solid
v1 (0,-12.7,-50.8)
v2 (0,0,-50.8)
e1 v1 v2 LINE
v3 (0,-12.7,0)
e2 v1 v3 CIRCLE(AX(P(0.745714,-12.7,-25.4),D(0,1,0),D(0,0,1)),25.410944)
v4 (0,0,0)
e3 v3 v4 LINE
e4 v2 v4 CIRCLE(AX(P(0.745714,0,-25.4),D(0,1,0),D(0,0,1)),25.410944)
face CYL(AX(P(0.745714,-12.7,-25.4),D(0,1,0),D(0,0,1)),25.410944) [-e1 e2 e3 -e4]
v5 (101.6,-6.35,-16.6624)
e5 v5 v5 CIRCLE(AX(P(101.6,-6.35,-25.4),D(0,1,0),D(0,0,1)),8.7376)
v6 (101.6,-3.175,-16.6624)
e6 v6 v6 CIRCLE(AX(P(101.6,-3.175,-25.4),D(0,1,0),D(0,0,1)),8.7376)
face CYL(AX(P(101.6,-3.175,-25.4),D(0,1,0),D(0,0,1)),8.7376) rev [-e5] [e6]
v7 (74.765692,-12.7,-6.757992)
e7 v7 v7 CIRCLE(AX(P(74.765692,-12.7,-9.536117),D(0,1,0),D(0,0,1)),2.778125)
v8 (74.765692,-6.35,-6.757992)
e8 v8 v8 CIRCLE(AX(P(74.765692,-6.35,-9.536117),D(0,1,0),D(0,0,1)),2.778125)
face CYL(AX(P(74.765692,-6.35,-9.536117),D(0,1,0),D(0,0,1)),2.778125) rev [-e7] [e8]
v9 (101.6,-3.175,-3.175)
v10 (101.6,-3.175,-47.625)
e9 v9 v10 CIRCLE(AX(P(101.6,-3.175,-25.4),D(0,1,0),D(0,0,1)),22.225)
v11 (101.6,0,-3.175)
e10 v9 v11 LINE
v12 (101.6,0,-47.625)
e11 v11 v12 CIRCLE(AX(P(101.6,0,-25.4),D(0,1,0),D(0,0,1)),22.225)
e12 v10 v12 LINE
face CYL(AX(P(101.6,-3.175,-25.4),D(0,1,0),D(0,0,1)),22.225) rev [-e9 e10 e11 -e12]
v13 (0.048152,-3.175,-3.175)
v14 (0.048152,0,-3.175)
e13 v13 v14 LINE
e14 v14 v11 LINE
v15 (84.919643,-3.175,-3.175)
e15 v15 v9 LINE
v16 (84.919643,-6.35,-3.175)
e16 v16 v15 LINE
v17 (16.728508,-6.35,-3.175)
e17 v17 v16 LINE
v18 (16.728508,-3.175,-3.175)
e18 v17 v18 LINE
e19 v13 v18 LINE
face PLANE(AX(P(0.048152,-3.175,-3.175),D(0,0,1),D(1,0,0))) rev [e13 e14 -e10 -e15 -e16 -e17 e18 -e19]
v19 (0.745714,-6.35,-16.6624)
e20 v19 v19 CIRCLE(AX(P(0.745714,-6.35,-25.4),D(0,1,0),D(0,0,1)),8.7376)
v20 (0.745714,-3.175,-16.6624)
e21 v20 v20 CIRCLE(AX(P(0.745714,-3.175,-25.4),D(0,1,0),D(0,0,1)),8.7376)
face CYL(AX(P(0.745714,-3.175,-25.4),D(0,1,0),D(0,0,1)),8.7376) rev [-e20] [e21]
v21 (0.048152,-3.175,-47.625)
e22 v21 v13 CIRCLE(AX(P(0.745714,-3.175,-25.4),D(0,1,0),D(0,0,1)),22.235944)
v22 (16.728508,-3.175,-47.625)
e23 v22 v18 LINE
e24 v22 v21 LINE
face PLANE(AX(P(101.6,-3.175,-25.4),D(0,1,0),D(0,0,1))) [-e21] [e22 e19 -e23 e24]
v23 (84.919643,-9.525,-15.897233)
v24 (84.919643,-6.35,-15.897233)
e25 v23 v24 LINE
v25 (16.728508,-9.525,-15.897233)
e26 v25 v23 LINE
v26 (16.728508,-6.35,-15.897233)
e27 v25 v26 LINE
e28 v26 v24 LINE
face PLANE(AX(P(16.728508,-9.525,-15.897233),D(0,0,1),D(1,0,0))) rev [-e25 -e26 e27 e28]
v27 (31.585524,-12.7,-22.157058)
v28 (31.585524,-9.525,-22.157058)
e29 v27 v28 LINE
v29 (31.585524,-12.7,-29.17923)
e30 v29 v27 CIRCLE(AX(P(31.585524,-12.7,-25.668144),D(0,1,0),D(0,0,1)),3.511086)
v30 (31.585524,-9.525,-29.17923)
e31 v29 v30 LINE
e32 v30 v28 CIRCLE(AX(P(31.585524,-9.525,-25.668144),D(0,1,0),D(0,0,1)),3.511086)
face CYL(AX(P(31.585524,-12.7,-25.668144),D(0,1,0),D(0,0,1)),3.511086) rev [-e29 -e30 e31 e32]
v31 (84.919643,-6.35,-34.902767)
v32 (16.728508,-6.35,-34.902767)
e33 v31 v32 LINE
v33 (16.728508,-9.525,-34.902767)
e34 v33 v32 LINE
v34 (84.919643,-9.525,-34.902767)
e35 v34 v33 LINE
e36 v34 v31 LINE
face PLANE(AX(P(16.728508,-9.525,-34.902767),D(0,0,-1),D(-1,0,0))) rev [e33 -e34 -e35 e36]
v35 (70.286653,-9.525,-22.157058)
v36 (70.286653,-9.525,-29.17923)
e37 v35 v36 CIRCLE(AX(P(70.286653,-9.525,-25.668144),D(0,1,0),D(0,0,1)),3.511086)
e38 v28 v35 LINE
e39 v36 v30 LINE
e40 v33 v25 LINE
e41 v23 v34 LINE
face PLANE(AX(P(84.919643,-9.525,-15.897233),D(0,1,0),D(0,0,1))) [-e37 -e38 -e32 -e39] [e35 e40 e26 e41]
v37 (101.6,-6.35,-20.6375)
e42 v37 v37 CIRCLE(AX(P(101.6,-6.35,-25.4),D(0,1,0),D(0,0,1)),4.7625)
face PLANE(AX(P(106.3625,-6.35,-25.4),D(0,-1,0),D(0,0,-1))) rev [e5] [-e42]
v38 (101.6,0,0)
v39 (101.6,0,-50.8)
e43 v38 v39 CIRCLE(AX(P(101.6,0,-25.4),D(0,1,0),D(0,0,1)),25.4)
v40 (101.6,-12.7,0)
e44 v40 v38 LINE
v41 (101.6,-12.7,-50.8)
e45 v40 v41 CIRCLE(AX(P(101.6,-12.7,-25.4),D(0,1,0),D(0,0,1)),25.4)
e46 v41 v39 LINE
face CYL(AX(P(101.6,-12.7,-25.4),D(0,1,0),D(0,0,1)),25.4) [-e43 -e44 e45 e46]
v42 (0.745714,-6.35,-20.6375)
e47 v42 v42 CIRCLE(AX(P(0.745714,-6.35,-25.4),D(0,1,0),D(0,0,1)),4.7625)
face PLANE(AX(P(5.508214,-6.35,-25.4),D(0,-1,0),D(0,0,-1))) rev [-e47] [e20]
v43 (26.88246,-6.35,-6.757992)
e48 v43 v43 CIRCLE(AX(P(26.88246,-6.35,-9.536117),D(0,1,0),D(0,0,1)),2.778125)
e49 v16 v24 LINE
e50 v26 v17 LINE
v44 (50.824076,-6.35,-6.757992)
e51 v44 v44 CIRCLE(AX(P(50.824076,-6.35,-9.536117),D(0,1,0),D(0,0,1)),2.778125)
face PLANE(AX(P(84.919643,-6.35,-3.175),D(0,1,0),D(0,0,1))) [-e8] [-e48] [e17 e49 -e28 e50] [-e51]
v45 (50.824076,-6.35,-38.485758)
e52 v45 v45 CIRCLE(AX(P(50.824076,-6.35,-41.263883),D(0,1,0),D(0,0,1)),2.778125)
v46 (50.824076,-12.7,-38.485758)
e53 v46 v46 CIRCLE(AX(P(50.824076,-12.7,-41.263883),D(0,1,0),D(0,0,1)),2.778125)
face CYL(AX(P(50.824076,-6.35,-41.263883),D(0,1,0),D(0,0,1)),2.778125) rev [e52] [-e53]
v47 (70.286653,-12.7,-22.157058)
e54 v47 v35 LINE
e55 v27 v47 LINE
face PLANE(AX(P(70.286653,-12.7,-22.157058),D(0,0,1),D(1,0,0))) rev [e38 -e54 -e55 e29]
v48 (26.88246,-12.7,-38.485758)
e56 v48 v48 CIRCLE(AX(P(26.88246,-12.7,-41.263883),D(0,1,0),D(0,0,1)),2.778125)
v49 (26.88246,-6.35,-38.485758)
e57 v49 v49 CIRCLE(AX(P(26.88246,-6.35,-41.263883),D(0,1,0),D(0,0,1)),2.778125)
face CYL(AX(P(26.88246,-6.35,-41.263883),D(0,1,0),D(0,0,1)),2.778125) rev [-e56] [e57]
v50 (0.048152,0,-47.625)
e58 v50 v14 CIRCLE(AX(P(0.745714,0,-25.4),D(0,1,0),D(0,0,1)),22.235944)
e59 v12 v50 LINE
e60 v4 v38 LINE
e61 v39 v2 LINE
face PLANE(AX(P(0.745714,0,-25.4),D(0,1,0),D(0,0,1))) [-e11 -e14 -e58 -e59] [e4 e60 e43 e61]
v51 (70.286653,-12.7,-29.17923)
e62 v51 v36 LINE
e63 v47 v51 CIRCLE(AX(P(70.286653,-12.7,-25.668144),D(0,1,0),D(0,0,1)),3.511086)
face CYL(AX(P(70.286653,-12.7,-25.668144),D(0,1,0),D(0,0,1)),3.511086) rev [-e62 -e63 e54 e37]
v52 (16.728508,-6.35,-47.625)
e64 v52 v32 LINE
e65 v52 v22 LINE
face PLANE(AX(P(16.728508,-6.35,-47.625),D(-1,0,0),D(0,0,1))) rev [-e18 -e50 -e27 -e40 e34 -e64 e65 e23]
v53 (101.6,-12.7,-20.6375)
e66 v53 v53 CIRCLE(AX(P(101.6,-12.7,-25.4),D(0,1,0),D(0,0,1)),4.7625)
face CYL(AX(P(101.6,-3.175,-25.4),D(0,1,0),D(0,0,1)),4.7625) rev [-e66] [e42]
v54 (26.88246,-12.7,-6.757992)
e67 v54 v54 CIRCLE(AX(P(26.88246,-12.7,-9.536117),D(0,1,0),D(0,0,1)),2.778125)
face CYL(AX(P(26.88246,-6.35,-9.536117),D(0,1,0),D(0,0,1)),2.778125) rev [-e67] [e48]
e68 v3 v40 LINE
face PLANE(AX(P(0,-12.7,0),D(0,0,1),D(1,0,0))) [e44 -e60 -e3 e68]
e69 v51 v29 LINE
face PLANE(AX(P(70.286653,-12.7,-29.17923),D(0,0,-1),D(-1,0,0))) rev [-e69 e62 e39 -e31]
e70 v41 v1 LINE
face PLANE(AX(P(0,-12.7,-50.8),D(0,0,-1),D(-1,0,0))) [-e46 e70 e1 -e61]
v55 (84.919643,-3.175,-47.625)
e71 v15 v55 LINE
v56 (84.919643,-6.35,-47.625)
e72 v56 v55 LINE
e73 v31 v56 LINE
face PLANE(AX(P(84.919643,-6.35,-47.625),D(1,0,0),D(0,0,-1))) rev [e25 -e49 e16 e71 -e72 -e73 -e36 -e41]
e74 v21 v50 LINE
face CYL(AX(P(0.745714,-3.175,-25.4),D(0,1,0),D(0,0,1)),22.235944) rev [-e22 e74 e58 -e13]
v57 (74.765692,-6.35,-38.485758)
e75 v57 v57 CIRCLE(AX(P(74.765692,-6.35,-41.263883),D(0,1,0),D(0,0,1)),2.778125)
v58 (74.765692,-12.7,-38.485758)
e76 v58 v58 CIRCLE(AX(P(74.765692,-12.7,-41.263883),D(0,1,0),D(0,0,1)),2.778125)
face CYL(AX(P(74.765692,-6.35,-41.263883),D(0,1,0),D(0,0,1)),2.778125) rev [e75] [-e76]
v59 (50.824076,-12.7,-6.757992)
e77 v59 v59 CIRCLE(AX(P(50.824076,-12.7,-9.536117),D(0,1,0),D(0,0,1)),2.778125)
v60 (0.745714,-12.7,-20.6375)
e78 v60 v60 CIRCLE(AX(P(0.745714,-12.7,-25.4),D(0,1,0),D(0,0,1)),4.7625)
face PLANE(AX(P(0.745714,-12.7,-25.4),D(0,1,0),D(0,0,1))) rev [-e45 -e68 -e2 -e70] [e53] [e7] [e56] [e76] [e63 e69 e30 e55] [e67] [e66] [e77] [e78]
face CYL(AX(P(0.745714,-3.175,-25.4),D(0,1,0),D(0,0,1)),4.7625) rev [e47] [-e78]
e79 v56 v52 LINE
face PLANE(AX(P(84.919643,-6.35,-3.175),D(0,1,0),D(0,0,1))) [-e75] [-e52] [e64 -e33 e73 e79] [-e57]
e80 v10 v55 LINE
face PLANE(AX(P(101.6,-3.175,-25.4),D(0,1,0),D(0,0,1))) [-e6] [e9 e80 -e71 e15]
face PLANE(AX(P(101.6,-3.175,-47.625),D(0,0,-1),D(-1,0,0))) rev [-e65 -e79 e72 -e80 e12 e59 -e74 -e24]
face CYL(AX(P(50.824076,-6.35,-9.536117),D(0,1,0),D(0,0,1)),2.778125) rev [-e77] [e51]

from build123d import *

# Parameters (mm, degrees)
EXTRUDE1_DEPTH                                       = 12.7
EXTRUDE2_DEPTH                                       = 3.175
SKETCH3_W                                            = 68.191134733
SKETCH3_H                                            = 44.45
EXTRUDE3_DEPTH                                       = 3.175
SKETCH4_W                                            = 68.191134733
SKETCH4_H                                            = 19.005533376
EXTRUDE4_DEPTH                                       = 3.175
EXTRUDE6_DEPTH                                       = 137.930502446
CBORE_FOR_1_4_BINDING_HEAD_MACHINE_SCREW_D           = 9.525
CBORE_FOR_1_4_BINDING_HEAD_MACHINE_SCREW_CBORE_D     = 17.4752
CBORE_FOR_1_4_BINDING_HEAD_MACHINE_SCREW_CBORE_DEPTH = 3.175
F_7_32_0_21875_DIAMETER_HOLE1_D                      = 5.55625
F_7_32_0_21875_DIAMETER_HOLE1_DEPTH                  = 25.4
F_7_32_0_21875_DIAMETER_HOLE1_TIP                    = 1.669265907
F_7_32_0_21875_DIAMETER_HOLE2_D                      = 5.55625
F_7_32_0_21875_DIAMETER_HOLE2_DEPTH                  = 25.4
F_7_32_0_21875_DIAMETER_HOLE2_TIP                    = 1.669265907


with BuildPart() as part:
    # Sketch1 → Extrude1 (new body)
    with BuildSketch(Plane(origin=(0, 0, 0), x_dir=(1, 0, 0), z_dir=(0, 1, 0))):
        with BuildLine():
            Line((0, 0), (101.6, 0))
            ThreePointArc((101.6, 0), (127, 25.4), (101.6, 50.8))
            Line((101.6, 50.8), (0, 50.8))
            ThreePointArc((0, 50.8), (-24.665230296, 25.4), (0, 0))
        make_face()
    extrude(amount=-EXTRUDE1_DEPTH)

    # Sketch2 → Extrude2 (cut)
    with BuildSketch(Plane(origin=(0, 0, 0), x_dir=(1, 0, 0), z_dir=(0, 1, 0))):
        with BuildLine():
            Line((101.6, 47.625), (0.048151693, 47.625))
            ThreePointArc((0.048151693, 47.625), (-21.490230296, 25.4), (0.048151693, 3.175))
            Line((0.048151693, 3.175), (101.6, 3.175))
            ThreePointArc((101.6, 3.175), (123.825, 25.4), (101.6, 47.625))
        make_face()
    extrude(amount=-EXTRUDE2_DEPTH, mode=Mode.SUBTRACT)

    # Sketch3 → Extrude3 (cut)
    with BuildSketch(Plane(origin=(0, -3.175, 0), x_dir=(-1, 0, 0), z_dir=(0, 1, 0))):
        with Locations((-50.824075847, -25.4)):
            Rectangle(SKETCH3_W, SKETCH3_H)
    extrude(amount=-EXTRUDE3_DEPTH, mode=Mode.SUBTRACT)

    # Sketch4 → Extrude4 (cut)
    with BuildSketch(Plane(origin=(0, -6.35, 0), x_dir=(-1, 0, 0), z_dir=(0, 1, 0))):
        with Locations((-50.824075847, -25.4)):
            Rectangle(SKETCH4_W, SKETCH4_H)
    extrude(amount=-EXTRUDE4_DEPTH, mode=Mode.SUBTRACT)

    # Sketch6 → Extrude6 (cut, through all)
    with BuildSketch(Plane(origin=(0, -6.35, 0), x_dir=(-1, 0, 0), z_dir=(0, 1, 0))):
        with BuildLine():
            Line((-70.286653385, -22.157058497), (-31.585524424, -22.157058497))
            ThreePointArc((-31.585524424, -22.157058497), (-28.07443844, -25.668144481), (-31.585524424, -29.179230465))
            Line((-31.585524424, -29.179230465), (-70.286653385, -29.179230465))
            ThreePointArc((-70.286653385, -29.179230465), (-73.797739369, -25.668144481), (-70.286653385, -22.157058497))
        make_face()
    extrude(amount=-EXTRUDE6_DEPTH, mode=Mode.SUBTRACT)

    # CBORE for 1/4 Binding Head Machine Screw2 (through all)
    with Locations(Plane(origin=(0, -3.175, 0), x_dir=(-1, 0, 0), z_dir=(0, 1, 0))):
        with Locations((-0.745713987, -25.4), (-101.6, -25.4)):
            CounterBoreHole(CBORE_FOR_1_4_BINDING_HEAD_MACHINE_SCREW_D / 2, CBORE_FOR_1_4_BINDING_HEAD_MACHINE_SCREW_CBORE_D / 2, CBORE_FOR_1_4_BINDING_HEAD_MACHINE_SCREW_CBORE_DEPTH)

    # 7/32 (0.21875) Diameter Hole1
    with Locations(Plane(origin=(0, -6.35, 0), x_dir=(-1, 0, 0), z_dir=(0, 1, 0))):
        with Locations((-26.882460023, -9.536116656)):
            Hole(F_7_32_0_21875_DIAMETER_HOLE1_D / 2, depth=F_7_32_0_21875_DIAMETER_HOLE1_DEPTH)
            with Locations((0, 0, -(F_7_32_0_21875_DIAMETER_HOLE1_DEPTH + F_7_32_0_21875_DIAMETER_HOLE1_TIP / 2))):  # 118° drill point
                Cone(0, F_7_32_0_21875_DIAMETER_HOLE1_D / 2, F_7_32_0_21875_DIAMETER_HOLE1_TIP, mode=Mode.SUBTRACT)

    # 7/32 (0.21875) Diameter Hole2
    with Locations(Plane(origin=(0, -6.35, 0), x_dir=(-1, 0, 0), z_dir=(0, 1, 0))):
        with Locations((-50.824075847, -9.536116656), (-74.76569167, -9.536116656), (-26.882460023, -41.263883344), (-50.824075847, -41.263883344), (-74.76569167, -41.263883344)):
            Hole(F_7_32_0_21875_DIAMETER_HOLE2_D / 2, depth=F_7_32_0_21875_DIAMETER_HOLE2_DEPTH)
            with Locations((0, 0, -(F_7_32_0_21875_DIAMETER_HOLE2_DEPTH + F_7_32_0_21875_DIAMETER_HOLE2_TIP / 2))):  # 118° drill point
                Cone(0, F_7_32_0_21875_DIAMETER_HOLE2_D / 2, F_7_32_0_21875_DIAMETER_HOLE2_TIP, mode=Mode.SUBTRACT)


solid = part.part
